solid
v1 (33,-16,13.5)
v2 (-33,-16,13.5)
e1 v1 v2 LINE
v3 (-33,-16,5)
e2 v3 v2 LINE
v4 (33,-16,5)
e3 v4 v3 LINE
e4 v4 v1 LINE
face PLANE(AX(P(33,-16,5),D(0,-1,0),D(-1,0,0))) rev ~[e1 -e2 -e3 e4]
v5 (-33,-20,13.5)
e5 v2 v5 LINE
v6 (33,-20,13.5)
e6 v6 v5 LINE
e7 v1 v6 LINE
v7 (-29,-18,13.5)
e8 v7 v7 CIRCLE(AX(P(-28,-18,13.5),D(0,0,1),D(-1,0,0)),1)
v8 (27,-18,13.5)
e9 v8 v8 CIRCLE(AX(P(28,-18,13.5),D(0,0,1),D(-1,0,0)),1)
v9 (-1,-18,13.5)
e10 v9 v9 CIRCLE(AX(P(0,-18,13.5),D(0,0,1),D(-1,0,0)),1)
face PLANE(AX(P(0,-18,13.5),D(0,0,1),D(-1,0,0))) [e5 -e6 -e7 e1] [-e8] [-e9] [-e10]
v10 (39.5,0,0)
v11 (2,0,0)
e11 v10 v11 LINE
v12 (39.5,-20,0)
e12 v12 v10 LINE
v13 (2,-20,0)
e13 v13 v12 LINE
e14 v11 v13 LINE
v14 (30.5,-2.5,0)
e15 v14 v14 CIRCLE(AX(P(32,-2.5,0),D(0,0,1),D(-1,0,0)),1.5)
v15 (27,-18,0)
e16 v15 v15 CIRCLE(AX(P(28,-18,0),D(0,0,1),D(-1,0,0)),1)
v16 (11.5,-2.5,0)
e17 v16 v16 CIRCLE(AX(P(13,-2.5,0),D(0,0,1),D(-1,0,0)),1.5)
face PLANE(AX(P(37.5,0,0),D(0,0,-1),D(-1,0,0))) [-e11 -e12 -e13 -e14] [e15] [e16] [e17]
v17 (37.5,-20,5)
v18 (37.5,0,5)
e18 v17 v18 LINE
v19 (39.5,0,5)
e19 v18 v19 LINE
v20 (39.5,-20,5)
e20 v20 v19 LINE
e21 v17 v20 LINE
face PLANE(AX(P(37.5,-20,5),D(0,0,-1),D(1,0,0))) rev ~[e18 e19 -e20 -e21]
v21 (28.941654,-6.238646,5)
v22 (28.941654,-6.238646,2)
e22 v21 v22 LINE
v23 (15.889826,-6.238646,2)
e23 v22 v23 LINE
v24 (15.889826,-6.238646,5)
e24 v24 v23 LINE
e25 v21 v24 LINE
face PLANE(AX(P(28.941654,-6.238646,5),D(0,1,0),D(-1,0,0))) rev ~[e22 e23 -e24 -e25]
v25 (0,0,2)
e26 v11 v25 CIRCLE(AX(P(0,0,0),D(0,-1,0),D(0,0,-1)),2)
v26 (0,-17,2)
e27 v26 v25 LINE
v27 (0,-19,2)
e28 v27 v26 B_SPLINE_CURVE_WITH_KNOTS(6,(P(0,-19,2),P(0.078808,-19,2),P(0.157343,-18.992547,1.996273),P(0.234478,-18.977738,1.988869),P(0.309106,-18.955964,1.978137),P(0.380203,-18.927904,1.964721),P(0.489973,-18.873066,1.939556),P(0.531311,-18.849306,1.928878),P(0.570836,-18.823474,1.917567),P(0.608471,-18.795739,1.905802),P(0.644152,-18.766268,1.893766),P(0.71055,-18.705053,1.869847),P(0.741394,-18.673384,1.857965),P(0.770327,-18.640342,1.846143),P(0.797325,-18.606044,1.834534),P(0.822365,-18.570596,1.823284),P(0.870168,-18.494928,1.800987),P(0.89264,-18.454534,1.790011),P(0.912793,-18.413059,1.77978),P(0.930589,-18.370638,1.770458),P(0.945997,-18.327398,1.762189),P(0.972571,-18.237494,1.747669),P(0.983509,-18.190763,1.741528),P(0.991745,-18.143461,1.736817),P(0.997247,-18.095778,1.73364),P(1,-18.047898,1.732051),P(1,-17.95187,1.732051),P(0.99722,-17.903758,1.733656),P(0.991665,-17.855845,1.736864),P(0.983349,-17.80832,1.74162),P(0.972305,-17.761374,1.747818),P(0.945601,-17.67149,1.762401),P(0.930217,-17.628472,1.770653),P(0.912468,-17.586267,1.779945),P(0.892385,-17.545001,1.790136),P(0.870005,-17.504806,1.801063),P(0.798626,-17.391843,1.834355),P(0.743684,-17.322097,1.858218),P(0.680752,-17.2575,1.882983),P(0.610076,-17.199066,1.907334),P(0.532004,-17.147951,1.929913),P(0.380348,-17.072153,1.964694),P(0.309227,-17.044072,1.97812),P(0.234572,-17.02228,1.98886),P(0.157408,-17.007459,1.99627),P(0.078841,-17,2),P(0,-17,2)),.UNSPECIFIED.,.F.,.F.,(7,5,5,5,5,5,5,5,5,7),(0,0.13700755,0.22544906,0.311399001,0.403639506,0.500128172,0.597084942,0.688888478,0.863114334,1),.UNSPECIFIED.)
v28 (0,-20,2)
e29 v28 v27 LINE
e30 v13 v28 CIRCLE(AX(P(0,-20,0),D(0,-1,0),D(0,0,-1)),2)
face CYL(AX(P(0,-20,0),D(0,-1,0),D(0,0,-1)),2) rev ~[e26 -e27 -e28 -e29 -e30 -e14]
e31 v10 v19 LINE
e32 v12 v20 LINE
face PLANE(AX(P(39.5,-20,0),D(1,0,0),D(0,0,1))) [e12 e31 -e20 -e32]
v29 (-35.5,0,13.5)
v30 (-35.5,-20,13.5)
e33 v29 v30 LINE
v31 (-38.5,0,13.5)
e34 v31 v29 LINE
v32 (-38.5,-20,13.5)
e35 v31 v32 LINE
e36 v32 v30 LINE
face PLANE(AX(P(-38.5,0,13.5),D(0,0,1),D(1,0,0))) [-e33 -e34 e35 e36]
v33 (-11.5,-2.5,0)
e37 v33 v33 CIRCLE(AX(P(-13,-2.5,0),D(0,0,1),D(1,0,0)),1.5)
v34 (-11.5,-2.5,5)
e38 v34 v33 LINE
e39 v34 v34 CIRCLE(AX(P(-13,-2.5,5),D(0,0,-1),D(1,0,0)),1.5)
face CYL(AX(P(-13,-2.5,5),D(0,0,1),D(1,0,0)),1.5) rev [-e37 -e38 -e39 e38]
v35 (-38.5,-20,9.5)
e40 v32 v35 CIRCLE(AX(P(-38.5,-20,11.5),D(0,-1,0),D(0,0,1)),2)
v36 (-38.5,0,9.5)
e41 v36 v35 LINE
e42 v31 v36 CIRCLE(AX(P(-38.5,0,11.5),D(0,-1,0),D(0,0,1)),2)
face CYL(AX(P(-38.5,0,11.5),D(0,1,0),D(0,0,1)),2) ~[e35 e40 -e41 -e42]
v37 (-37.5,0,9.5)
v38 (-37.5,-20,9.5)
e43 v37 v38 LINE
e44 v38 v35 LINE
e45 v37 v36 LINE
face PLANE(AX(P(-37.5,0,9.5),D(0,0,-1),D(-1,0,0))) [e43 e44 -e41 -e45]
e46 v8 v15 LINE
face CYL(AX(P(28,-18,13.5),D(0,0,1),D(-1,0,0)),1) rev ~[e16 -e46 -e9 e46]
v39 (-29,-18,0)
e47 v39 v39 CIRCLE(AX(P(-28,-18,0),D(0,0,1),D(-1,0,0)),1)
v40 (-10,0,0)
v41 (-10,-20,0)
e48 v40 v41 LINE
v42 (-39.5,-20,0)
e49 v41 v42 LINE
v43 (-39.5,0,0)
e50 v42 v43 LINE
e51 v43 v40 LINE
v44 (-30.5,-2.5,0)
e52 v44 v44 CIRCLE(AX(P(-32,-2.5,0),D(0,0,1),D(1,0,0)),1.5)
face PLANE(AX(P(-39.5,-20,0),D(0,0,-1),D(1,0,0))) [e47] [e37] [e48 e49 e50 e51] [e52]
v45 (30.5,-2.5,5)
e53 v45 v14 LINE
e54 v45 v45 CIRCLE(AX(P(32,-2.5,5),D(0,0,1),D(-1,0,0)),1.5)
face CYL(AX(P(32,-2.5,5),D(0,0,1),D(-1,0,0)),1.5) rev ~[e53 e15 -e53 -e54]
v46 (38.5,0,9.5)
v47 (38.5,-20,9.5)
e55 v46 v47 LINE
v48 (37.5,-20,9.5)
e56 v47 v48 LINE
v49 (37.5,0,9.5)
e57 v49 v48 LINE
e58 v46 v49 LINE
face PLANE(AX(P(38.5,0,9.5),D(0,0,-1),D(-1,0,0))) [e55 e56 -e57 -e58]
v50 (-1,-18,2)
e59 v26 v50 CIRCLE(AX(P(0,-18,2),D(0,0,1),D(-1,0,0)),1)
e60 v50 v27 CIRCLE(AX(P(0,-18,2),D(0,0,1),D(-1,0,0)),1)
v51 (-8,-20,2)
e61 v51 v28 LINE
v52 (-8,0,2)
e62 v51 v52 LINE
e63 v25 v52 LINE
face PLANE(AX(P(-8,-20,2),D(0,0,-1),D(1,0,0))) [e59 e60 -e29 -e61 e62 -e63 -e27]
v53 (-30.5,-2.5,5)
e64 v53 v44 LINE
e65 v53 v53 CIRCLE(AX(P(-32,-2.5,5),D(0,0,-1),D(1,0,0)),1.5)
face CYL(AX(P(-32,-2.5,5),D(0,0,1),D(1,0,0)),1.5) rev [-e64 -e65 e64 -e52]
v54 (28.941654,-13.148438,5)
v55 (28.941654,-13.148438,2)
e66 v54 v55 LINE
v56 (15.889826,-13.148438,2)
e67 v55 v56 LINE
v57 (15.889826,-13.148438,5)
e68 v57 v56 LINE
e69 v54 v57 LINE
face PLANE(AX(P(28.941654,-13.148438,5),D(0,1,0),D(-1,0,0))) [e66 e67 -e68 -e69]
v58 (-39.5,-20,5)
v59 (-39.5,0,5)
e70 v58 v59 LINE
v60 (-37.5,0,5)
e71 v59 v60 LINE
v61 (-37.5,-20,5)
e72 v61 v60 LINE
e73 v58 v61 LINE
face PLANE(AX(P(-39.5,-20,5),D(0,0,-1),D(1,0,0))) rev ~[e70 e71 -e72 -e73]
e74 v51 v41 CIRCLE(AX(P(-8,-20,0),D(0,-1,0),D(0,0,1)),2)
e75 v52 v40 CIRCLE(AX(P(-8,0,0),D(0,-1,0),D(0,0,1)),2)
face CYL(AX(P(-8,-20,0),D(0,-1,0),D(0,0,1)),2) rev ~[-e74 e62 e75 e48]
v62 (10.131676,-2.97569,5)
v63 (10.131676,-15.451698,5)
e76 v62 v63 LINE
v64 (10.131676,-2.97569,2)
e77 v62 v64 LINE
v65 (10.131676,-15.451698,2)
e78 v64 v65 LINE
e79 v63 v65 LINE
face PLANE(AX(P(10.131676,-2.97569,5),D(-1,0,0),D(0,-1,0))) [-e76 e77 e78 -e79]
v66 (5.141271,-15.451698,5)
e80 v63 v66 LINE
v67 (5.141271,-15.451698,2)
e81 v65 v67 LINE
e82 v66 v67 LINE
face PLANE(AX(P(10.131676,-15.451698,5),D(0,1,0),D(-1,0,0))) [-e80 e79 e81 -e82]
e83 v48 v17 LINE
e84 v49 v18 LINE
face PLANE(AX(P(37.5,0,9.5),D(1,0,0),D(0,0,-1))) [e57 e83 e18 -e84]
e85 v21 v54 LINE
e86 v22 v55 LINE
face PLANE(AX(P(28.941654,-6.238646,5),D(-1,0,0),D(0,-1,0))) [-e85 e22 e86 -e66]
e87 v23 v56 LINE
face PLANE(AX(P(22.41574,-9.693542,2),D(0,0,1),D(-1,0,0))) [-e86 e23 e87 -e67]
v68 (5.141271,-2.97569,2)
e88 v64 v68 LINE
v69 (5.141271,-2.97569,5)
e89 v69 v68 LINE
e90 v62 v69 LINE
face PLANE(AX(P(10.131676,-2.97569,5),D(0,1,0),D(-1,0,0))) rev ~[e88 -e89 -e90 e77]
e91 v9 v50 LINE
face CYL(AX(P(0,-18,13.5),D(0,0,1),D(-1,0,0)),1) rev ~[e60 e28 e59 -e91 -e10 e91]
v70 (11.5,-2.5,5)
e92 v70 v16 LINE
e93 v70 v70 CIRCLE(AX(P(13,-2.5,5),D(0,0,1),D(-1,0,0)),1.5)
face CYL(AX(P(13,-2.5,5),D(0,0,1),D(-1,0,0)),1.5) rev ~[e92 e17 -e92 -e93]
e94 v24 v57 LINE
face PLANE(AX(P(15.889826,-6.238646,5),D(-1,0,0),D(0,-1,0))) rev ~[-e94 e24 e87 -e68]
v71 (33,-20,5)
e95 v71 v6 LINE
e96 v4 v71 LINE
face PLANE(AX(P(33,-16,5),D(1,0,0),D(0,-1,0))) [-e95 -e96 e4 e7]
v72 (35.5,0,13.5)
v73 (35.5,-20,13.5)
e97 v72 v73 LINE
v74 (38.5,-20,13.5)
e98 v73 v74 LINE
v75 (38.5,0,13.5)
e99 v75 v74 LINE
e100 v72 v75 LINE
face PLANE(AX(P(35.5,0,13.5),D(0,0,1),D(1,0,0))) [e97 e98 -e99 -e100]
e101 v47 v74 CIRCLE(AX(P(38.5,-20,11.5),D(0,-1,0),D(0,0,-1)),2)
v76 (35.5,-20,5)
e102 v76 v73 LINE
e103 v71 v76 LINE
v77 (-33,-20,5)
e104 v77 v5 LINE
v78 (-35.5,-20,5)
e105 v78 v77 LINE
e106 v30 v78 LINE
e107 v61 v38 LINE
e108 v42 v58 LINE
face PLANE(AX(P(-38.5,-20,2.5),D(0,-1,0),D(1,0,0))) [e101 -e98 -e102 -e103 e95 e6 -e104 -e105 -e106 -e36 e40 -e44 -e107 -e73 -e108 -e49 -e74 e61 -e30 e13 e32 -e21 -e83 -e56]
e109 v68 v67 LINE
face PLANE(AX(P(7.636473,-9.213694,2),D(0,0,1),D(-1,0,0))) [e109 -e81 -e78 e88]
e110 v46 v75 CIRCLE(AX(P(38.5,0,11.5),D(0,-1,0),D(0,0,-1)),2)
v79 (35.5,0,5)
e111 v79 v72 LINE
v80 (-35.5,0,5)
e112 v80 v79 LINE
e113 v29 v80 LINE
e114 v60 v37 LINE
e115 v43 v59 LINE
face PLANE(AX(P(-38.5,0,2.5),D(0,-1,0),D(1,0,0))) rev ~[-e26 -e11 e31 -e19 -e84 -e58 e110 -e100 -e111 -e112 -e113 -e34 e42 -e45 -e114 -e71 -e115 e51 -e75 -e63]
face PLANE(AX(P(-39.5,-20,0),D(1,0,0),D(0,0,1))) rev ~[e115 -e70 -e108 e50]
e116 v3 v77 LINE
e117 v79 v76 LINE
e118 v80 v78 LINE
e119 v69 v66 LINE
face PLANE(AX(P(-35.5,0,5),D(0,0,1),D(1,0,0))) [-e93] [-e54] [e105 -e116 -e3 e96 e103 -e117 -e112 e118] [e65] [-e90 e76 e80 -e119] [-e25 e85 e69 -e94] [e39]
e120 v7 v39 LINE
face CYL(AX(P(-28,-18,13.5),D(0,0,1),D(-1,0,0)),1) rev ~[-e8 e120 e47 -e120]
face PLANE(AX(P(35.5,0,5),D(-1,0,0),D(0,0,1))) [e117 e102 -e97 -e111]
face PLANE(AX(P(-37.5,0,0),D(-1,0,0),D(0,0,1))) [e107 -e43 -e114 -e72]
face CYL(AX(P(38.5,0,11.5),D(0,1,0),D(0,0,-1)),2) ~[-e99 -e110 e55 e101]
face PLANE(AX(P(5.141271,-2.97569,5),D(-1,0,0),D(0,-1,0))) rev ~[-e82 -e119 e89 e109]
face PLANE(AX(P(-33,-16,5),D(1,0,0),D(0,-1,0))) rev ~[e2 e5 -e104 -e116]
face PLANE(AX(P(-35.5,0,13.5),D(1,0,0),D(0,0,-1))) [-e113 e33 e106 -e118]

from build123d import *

# Parameters (mm, degrees)
PAD_DEPTH       = 20
SKETCH001_R     = 1.5
POCKET_DEPTH    = 174.036499
POCKET001_DEPTH = 20.001
SKETCH003_W     = 13.051827
SKETCH003_H     = 6.909791
SKETCH003_W_2   = 4.990405
SKETCH003_H_2   = 12.476008
POCKET002_DEPTH = 3
SKETCH004_W     = 2
SKETCH004_H     = 5
PAD001_DEPTH    = 20
SKETCH005_W     = 66
SKETCH005_H     = 4
PAD002_DEPTH    = 8.5
SKETCH006_R     = 1
POCKET003_DEPTH = 13.501


with BuildPart() as part:
    # Sketch → Pad (new body)
    with BuildSketch(Plane.XZ):
        with BuildLine():
            Line((-35.5, 5), (35.5, 5))
            Line((35.5, 5), (35.5, 13.5))
            Line((35.5, 13.5), (38.5, 13.5))
            ThreePointArc((38.5, 9.5), (40.5, 11.5), (38.5, 13.5))
            Line((38.5, 9.5), (37.5, 9.5))
            Line((37.5, 9.5), (37.5, 0))
            Line((37.5, 0), (-37.5, 0))
            Line((-37.5, 0), (-37.5, 9.5))
            Line((-37.5, 9.5), (-38.5, 9.5))
            ThreePointArc((-38.5, 13.5), (-40.5, 11.5), (-38.5, 9.5))
            Line((-38.5, 13.5), (-35.5, 13.5))
            Line((-35.5, 13.5), (-35.5, 5))
        make_face()
    extrude(amount=PAD_DEPTH)

    # Sketch001 (on Face3 of Pad) → Pocket (cut, through all)
    with BuildSketch(Plane(origin=(0, 0, 5), x_dir=(-1, 0, 0), z_dir=(0, 0, 1))):
        with Locations((-13, 2.5)):
            Circle(SKETCH001_R)
        with Locations((-32, 2.5)):
            Circle(SKETCH001_R)
    pocket = extrude(amount=-POCKET_DEPTH, mode=Mode.SUBTRACT)

    # Mirrored: Pocket across Sketch001 V_Axis
    add(pocket.mirror(Plane(origin=(0, 0, 5), x_dir=(0, 0, 1), z_dir=(-1, 0, 0))), mode=Mode.SUBTRACT)

    # Sketch002 (on Face5 of Mirrored) → Pocket001 (cut, through all)
    with BuildSketch(Plane.XZ.offset(20)):
        with BuildLine():
            ThreePointArc((-8, 2), (-10, 0), (-8, -2))
            Line((-8, -2), (0, -2))
            ThreePointArc((0, -2), (2, 0), (0, 2))
            Line((-8, 2), (0, 2))
        make_face()
    extrude(amount=-POCKET001_DEPTH, mode=Mode.SUBTRACT)

    # Sketch003 → Pocket002 (cut)
    with BuildSketch(Plane(origin=(0, 0, 5), x_dir=(-1, 0, 0), z_dir=(0, 0, 1))):
        with Locations((-22.41574, 9.693542)):
            Rectangle(SKETCH003_W, SKETCH003_H)
        with Locations((-7.636473, 9.213694)):
            Rectangle(SKETCH003_W_2, SKETCH003_H_2)
    extrude(amount=-POCKET002_DEPTH, mode=Mode.SUBTRACT)

    # Sketch004 (on Face5 of Pocket002) → Pad001 (join)
    with BuildSketch(Plane.XZ.offset(20)):
        with Locations((-38.5, 2.5)):
            Rectangle(SKETCH004_W, SKETCH004_H)
        with Locations((38.5, 2.5)):
            Rectangle(SKETCH004_W, SKETCH004_H)
    extrude(amount=-PAD001_DEPTH)

    # Sketch005 (on Face7 of Pad001) → Pad002 (join)
    with BuildSketch(Plane(origin=(0, 0, 5), x_dir=(-1, 0, 0), z_dir=(0, 0, 1))):
        with Locations((0, 18)):
            Rectangle(SKETCH005_W, SKETCH005_H)
    extrude(amount=PAD002_DEPTH)

    # Sketch006 (on Face37 of Pad002) → Pocket003 (cut, through all)
    with BuildSketch(Plane(origin=(0, 0, 13.5), x_dir=(-1, 0, 0), z_dir=(0, 0, 1))):
        with Locations((0, 18)):
            Circle(SKETCH006_R)
        with Locations((28, 18)):
            Circle(SKETCH006_R)
        with Locations((-28, 18)):
            Circle(SKETCH006_R)
    extrude(amount=-POCKET003_DEPTH, mode=Mode.SUBTRACT)


solid = part.part
